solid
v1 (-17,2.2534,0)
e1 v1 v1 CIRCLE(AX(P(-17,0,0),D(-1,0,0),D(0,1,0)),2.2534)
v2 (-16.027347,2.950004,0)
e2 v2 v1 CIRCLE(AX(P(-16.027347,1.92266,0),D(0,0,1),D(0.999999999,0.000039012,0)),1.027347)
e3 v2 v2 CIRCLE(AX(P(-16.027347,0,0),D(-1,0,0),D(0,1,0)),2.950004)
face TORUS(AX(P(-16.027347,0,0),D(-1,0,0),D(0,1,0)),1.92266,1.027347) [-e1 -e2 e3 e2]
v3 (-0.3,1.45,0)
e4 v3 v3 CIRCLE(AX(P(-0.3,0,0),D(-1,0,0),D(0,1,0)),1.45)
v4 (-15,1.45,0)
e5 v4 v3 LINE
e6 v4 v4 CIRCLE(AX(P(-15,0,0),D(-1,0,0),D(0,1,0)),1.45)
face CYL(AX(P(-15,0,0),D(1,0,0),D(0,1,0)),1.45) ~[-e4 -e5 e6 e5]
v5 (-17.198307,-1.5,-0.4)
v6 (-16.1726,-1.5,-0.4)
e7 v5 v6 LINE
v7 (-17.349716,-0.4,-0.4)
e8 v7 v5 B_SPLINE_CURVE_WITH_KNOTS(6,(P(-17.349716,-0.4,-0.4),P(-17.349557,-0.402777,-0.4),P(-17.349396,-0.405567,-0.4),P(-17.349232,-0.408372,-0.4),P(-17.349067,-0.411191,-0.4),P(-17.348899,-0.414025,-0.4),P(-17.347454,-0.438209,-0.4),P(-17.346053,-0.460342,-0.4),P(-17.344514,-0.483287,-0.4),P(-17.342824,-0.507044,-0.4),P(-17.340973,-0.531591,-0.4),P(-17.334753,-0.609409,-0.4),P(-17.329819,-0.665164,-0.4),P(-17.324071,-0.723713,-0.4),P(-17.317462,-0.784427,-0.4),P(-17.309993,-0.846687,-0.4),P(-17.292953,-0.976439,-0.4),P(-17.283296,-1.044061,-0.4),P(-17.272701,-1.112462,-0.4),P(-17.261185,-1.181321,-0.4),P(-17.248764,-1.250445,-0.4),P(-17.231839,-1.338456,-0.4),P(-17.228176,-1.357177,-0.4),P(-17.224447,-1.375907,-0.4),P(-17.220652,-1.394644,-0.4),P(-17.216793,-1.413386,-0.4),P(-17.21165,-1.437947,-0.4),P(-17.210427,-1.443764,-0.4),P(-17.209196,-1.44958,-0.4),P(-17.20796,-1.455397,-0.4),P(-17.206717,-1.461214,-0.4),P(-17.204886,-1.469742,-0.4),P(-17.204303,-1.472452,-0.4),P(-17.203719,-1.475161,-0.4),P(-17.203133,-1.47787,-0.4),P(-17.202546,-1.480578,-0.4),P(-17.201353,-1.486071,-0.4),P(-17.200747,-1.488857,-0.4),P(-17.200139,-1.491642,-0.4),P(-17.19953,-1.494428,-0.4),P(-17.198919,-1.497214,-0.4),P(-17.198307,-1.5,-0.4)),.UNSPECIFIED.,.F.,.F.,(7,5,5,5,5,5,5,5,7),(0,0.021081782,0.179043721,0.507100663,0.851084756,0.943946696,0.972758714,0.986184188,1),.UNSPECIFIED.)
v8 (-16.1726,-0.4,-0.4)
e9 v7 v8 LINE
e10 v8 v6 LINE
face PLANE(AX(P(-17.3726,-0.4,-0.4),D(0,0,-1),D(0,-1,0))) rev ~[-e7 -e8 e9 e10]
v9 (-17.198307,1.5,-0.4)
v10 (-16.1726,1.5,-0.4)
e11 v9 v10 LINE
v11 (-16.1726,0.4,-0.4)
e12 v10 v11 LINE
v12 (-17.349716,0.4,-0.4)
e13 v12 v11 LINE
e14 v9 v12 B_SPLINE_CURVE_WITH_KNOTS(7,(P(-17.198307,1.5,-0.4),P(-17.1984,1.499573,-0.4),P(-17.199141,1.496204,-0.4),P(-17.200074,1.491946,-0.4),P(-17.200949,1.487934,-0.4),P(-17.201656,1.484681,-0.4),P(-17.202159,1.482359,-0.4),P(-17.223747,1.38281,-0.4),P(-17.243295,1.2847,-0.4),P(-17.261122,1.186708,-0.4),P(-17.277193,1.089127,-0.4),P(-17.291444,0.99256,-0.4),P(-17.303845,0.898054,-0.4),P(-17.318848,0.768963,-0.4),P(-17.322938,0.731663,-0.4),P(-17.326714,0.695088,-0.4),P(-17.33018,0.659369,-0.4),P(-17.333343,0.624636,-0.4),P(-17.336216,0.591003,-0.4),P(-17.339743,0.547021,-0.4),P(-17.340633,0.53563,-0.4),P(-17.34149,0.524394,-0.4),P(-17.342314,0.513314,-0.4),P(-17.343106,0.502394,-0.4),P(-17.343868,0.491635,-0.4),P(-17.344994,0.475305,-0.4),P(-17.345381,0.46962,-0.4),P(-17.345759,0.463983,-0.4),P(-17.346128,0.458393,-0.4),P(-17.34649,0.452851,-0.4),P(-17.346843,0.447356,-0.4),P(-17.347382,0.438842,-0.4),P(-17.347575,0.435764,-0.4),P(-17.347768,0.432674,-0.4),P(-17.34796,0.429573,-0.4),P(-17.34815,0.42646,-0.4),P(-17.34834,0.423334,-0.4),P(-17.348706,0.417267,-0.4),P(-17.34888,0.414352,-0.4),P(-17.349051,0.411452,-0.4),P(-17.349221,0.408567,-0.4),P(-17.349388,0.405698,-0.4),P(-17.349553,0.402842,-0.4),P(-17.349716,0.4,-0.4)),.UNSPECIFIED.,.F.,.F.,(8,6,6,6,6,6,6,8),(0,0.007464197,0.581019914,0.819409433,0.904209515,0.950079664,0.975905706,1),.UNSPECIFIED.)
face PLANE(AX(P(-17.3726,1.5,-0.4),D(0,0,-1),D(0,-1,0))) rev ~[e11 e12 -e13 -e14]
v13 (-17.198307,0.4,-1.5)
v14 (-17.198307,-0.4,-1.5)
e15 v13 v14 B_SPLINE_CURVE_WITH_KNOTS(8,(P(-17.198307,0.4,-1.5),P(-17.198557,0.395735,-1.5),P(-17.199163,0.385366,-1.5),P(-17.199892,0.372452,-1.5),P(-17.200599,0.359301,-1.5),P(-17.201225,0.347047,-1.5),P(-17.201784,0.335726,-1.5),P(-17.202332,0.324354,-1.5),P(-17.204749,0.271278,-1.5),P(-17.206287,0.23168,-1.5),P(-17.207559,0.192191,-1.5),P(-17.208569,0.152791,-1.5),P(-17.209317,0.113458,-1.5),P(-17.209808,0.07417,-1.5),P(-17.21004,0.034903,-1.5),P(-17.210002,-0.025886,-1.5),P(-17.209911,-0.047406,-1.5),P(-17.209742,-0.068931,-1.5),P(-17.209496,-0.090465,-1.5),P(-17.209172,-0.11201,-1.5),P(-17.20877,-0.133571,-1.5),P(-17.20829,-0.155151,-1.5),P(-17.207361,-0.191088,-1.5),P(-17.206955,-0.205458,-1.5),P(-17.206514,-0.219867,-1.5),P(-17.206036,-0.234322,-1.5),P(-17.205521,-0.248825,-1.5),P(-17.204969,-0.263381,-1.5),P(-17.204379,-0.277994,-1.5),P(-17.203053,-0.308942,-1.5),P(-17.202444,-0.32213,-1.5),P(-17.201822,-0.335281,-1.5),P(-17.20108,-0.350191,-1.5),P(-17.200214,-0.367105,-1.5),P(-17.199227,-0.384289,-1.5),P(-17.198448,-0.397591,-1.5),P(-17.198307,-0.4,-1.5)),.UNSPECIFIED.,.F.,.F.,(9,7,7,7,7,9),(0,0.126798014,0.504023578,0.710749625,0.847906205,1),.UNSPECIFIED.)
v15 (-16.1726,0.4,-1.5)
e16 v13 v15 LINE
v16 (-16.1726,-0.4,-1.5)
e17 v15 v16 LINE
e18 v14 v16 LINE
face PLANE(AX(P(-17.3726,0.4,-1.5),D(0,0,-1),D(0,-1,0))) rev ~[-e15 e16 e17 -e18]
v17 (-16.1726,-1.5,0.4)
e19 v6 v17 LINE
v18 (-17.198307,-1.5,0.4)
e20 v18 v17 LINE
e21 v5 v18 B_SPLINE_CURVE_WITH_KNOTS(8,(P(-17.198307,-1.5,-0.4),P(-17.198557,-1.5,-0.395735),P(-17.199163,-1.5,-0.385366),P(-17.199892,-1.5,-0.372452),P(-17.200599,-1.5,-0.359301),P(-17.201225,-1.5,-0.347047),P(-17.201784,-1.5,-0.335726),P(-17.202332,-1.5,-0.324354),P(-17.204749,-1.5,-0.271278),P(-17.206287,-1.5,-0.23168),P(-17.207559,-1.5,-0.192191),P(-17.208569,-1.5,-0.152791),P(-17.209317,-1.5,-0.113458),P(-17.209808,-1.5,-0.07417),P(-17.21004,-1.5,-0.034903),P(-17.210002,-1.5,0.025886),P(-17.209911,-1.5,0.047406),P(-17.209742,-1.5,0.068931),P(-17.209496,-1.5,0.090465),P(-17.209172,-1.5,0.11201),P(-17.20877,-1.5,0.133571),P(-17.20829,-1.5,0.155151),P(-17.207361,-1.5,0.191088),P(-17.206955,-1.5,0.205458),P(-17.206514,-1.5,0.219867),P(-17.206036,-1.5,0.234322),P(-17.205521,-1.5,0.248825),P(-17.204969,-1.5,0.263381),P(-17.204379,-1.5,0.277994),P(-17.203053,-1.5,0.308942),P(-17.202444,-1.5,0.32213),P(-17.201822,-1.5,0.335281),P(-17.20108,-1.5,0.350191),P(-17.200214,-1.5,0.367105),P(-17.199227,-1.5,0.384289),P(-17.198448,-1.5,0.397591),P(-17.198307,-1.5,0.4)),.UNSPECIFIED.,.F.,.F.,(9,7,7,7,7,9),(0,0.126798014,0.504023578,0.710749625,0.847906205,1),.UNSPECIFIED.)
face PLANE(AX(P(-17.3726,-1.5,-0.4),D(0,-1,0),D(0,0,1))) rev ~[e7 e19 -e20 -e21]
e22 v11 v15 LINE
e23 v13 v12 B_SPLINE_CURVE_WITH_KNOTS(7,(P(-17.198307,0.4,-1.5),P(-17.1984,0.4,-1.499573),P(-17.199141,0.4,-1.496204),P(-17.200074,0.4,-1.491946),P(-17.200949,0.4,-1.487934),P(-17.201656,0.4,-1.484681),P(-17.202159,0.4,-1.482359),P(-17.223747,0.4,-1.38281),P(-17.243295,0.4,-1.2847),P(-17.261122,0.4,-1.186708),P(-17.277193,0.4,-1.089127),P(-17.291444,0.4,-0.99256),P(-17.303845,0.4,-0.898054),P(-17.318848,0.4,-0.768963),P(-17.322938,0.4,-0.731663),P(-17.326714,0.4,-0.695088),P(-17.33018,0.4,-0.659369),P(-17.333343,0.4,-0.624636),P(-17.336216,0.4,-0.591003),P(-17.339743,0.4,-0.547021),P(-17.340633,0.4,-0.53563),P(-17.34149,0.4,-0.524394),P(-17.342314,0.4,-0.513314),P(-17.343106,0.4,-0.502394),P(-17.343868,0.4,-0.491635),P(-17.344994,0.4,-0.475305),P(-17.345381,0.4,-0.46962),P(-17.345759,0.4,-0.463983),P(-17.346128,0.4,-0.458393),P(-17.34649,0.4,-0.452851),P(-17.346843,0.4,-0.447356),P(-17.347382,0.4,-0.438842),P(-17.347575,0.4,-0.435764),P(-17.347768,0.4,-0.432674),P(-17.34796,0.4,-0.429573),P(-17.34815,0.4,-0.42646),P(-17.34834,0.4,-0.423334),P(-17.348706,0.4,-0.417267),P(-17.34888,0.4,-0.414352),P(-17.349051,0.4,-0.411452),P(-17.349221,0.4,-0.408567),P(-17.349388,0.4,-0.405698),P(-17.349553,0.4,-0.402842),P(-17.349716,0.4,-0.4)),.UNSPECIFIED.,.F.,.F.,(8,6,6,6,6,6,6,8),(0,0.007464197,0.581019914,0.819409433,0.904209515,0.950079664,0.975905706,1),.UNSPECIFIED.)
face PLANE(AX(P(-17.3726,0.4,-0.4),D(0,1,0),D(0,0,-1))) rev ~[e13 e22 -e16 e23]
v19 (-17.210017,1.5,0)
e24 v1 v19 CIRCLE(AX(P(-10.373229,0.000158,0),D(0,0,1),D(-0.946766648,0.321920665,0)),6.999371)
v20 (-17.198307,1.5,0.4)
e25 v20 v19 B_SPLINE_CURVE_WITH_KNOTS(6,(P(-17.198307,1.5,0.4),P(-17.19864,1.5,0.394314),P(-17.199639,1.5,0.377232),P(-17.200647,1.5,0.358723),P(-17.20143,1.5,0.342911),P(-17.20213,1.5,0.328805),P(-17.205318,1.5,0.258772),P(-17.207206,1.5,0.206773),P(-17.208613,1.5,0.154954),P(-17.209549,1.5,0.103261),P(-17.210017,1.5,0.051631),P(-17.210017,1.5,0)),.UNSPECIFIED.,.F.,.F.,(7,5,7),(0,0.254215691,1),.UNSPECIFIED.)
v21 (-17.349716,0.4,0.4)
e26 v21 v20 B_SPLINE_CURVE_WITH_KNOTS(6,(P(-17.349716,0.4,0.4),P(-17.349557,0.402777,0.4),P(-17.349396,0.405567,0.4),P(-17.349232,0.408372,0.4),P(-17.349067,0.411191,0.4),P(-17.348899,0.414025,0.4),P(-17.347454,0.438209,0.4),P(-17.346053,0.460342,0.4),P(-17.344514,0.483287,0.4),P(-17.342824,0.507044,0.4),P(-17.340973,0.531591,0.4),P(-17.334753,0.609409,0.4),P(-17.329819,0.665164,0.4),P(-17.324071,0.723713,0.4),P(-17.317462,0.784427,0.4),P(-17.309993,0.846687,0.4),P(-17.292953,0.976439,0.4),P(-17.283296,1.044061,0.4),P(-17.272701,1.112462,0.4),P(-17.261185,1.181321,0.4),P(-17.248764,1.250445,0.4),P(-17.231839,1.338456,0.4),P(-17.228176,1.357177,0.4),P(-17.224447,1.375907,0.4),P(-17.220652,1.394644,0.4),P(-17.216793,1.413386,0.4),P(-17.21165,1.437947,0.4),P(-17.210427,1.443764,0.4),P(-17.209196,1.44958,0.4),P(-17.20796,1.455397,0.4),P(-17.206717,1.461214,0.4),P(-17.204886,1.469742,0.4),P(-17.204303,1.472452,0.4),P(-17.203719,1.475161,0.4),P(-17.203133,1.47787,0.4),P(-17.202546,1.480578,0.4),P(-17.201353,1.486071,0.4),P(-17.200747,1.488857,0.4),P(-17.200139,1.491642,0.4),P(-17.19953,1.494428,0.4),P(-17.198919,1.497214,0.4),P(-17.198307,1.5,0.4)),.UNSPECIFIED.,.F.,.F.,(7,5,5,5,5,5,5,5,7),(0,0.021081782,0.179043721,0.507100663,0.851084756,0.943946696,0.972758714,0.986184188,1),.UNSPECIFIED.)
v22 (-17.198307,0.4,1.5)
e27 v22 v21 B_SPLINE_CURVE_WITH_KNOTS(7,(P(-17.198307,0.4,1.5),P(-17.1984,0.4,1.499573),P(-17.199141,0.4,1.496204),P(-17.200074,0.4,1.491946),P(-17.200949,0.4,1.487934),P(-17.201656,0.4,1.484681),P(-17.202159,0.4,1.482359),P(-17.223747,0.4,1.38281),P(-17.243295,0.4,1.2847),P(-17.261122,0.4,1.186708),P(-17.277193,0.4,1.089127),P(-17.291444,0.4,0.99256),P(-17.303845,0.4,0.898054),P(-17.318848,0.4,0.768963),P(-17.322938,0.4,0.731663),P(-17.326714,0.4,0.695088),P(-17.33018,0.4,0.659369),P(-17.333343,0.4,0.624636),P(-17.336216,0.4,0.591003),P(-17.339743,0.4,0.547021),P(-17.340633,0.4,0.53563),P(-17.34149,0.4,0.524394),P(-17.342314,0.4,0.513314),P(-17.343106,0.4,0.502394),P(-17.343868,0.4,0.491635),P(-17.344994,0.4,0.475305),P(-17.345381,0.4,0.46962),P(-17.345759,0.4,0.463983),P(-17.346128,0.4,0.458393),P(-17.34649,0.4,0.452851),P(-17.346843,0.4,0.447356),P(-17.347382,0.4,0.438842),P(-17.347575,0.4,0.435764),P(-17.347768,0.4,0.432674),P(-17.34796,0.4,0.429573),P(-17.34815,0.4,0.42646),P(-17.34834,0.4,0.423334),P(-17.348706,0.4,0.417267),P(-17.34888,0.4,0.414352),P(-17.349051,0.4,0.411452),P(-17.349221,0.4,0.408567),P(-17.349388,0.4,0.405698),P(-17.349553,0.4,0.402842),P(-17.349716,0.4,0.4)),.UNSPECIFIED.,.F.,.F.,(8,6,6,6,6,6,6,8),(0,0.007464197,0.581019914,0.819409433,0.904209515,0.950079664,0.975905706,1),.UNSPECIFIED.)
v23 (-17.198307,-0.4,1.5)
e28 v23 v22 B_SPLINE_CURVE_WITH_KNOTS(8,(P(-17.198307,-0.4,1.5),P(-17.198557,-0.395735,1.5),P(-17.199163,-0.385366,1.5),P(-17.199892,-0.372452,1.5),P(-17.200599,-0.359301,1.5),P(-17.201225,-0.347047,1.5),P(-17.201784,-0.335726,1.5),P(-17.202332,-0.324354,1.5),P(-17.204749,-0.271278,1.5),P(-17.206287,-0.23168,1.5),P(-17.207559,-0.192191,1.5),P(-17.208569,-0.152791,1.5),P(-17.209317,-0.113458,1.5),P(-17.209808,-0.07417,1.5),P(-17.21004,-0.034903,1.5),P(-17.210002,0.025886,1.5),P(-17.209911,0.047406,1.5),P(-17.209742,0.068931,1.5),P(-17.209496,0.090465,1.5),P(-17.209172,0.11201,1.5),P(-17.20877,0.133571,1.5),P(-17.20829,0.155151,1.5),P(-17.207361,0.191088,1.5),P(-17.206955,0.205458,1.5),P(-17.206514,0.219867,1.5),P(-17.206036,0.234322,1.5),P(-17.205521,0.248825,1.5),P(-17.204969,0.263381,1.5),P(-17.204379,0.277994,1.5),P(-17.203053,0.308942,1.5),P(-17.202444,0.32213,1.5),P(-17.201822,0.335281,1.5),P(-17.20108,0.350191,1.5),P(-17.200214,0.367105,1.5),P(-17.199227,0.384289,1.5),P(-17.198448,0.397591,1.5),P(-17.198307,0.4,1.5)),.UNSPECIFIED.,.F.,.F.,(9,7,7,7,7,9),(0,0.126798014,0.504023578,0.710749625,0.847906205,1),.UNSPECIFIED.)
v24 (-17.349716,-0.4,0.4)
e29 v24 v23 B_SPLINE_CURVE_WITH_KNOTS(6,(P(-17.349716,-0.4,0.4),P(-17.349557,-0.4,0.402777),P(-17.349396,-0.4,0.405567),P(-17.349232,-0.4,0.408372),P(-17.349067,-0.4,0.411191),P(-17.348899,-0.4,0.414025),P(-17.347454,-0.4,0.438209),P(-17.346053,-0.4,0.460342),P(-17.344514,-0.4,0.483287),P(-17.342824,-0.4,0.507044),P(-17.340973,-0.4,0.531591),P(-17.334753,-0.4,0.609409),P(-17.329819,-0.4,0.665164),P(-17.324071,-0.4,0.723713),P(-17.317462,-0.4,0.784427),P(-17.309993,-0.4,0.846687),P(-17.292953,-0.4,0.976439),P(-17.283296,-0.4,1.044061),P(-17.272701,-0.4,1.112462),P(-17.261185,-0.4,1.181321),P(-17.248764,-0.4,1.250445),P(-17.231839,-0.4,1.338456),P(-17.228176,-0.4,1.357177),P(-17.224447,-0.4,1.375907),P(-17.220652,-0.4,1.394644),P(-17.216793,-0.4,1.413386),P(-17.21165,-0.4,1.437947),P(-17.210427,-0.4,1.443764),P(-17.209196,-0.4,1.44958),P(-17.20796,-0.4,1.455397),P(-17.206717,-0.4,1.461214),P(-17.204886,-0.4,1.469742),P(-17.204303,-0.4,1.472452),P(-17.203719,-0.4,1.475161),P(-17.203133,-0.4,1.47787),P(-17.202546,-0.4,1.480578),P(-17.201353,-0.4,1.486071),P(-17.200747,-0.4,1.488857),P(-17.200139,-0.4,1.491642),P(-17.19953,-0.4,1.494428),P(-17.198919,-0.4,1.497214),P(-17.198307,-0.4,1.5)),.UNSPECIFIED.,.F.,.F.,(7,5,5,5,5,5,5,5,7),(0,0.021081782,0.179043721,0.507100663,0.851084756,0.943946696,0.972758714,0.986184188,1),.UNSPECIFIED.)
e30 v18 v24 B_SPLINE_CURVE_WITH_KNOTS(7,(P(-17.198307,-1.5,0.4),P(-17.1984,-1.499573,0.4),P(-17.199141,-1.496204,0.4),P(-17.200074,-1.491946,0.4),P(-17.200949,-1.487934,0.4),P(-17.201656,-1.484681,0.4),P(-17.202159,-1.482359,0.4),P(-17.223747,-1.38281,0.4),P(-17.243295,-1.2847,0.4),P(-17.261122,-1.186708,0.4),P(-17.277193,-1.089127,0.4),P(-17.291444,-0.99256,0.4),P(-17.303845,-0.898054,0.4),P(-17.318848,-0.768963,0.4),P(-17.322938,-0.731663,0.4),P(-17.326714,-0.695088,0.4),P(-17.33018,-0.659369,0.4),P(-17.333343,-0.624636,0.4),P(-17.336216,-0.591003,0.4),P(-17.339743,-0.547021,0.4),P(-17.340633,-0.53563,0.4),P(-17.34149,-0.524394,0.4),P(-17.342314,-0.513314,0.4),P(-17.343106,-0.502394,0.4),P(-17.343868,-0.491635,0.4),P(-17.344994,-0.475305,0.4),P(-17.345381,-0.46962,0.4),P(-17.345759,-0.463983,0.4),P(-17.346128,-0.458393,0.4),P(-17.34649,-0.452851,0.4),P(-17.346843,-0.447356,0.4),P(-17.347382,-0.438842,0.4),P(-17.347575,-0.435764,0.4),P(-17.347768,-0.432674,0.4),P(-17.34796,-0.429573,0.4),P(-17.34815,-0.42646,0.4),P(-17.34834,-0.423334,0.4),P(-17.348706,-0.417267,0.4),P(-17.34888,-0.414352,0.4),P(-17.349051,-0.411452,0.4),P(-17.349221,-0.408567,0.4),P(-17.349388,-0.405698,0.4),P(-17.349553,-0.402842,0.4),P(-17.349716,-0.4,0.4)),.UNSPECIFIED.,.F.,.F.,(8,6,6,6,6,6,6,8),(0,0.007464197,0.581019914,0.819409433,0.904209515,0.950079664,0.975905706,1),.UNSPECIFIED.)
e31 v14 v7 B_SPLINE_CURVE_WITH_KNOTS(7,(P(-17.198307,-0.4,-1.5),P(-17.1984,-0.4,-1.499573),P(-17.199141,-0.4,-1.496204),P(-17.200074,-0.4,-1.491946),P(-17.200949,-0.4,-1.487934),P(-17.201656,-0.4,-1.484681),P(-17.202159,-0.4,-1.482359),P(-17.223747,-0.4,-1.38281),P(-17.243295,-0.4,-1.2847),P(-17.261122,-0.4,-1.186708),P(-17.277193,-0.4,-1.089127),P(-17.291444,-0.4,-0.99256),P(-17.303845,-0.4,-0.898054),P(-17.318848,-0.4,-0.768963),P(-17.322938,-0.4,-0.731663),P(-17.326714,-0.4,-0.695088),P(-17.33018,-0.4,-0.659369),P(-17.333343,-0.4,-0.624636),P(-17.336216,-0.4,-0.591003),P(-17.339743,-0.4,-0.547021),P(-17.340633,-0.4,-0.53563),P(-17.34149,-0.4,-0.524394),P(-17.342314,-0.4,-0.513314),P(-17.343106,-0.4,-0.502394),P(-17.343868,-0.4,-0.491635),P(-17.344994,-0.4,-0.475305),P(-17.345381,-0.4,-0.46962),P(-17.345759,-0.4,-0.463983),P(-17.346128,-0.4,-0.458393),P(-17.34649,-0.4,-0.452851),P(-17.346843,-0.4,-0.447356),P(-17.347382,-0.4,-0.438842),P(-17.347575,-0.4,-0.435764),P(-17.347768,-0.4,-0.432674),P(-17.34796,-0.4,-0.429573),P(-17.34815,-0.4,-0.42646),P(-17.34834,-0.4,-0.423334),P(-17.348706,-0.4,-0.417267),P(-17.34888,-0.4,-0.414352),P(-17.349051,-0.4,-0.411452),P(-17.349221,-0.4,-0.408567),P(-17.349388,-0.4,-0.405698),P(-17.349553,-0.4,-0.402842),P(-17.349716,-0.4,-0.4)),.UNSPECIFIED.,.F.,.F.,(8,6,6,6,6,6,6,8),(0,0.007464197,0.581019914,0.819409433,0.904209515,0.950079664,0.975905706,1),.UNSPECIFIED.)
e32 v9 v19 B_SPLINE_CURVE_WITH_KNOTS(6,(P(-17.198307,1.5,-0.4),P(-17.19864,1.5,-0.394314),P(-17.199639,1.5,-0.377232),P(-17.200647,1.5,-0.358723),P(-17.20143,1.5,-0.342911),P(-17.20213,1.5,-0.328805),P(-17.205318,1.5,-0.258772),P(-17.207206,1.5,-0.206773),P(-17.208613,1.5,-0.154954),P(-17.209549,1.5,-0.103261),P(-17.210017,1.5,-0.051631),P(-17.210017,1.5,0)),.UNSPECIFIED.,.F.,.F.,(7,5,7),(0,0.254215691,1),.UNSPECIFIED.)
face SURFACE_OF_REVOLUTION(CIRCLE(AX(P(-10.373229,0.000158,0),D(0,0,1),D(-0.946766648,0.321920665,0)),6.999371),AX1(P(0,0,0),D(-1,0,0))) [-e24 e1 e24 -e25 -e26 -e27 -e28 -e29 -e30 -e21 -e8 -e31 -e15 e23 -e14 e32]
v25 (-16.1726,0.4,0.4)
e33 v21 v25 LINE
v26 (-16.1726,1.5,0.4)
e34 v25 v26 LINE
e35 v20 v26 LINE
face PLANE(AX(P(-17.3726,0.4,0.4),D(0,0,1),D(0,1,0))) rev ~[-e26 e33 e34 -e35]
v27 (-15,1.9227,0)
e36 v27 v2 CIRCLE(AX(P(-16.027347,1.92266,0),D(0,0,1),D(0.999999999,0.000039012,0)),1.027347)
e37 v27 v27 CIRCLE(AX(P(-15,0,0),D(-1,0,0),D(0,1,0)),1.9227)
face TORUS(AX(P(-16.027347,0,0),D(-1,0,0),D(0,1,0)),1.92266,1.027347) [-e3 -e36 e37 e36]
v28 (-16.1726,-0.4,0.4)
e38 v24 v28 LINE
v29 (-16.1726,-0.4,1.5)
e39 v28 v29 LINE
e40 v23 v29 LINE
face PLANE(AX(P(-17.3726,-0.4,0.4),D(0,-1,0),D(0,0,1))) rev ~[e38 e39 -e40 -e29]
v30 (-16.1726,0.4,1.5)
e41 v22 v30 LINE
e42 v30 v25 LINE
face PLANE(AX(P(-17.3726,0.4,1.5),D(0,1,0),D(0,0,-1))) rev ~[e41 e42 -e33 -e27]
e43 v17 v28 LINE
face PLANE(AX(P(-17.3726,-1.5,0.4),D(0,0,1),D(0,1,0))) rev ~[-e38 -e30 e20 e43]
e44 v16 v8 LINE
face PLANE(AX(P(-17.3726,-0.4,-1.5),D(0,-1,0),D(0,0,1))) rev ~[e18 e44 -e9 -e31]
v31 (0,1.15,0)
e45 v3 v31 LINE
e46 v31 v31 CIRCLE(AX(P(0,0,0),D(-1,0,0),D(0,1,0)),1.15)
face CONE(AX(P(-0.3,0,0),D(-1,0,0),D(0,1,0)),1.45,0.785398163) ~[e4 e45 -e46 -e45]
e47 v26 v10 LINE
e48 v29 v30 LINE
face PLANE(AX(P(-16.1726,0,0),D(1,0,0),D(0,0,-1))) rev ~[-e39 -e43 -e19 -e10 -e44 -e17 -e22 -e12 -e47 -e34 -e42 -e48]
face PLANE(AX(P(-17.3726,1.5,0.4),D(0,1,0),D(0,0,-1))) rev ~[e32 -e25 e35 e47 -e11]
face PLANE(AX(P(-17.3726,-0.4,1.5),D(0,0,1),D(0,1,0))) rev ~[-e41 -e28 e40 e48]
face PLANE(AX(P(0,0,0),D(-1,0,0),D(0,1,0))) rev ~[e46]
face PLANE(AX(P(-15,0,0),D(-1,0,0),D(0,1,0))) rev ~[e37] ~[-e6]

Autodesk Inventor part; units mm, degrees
ref_plane "YZ Plane" through (0, 0, 0) normal (1, 0, 0) x (0, 1, 0)
ref_plane "XZ Plane" through (0, 0, 0) normal (0, 1, 0) x (-1, 0, 0)
sketch "Эскиз1" plane through (0, 0, 0) normal (0, 0, 1) x (1, 0, 0)
  line L0 (0, 0) -> (-17.3726, 0)
  arc A0 (-15, 1.9227) -> (-17, 2.2534) centre (-16.0273, 1.9227) ccw
  line L1 (-15, 1.9227) -> (-15, 1.45)
  line L2 (-15, 1.45) -> (0, 1.45)
  line L3 (0, 1.45) -> (0, 0)
  line L4 (-17.6724, 2.95) -> (-15.1128, 2.95)
  arc A1 (-17, 2.2534) -> (-17.3726, 0) centre (-10.3726, 0) ccw
  dimension "d0" = 2.9
  dimension "d1" = 5.9
  dimension "d2" = 2
  dimension "d3" = 15
  dimension "d4" = 7
revolve "Вращение1" add sketch "Эскиз1" angle 360 about axis through (0, 0, 0) along (-1, 0, 0)
chamfer "Фаска1" distance 0.3 angle 45 1 edges at (0, -1.45, 0)
ref_plane "РабПлоскость2" through (-17.3726, 0, 0) normal (1, 0, 0) x (0, 0, -1)
sketch "Эскиз2" plane through (-17.3726, 0, 0) normal (1, 0, 0) x (0, 0, -1)
  line L0 (-0.4, 1.5) -> (0.4, 1.5)
  line L1 (0.4, 1.5) -> (0.4, -1.5)
  line L2 (0.4, -1.5) -> (-0.4, -1.5)
  line L3 (-0.4, -1.5) -> (-0.4, 1.5)
  line L4 (-1.5, 0.4) -> (1.5, 0.4)
  line L5 (1.5, 0.4) -> (1.5, -0.4)
  line L6 (1.5, -0.4) -> (-1.5, -0.4)
  line L7 (-1.5, -0.4) -> (-1.5, 0.4)
  point P0 (0, 0)
  point P1 (0, 1.5)
  point P2 (0, 0.4)
  point P3 (-1.5, 0)
  point P4 (-0.4, 0)
  point P5 (0.4, 0.4)
  point P6 (-0.4, 0.4)
  point P7 (-0.4, -0.4)
  point P8 (0.4, -0.4)
  dimension "d10" = 0.8
  dimension "d11" = 3
extrude "Выдавливание1" cut sketch "Эскиз2" along normal blind 1.2
properties part number "Винт М3х19"
